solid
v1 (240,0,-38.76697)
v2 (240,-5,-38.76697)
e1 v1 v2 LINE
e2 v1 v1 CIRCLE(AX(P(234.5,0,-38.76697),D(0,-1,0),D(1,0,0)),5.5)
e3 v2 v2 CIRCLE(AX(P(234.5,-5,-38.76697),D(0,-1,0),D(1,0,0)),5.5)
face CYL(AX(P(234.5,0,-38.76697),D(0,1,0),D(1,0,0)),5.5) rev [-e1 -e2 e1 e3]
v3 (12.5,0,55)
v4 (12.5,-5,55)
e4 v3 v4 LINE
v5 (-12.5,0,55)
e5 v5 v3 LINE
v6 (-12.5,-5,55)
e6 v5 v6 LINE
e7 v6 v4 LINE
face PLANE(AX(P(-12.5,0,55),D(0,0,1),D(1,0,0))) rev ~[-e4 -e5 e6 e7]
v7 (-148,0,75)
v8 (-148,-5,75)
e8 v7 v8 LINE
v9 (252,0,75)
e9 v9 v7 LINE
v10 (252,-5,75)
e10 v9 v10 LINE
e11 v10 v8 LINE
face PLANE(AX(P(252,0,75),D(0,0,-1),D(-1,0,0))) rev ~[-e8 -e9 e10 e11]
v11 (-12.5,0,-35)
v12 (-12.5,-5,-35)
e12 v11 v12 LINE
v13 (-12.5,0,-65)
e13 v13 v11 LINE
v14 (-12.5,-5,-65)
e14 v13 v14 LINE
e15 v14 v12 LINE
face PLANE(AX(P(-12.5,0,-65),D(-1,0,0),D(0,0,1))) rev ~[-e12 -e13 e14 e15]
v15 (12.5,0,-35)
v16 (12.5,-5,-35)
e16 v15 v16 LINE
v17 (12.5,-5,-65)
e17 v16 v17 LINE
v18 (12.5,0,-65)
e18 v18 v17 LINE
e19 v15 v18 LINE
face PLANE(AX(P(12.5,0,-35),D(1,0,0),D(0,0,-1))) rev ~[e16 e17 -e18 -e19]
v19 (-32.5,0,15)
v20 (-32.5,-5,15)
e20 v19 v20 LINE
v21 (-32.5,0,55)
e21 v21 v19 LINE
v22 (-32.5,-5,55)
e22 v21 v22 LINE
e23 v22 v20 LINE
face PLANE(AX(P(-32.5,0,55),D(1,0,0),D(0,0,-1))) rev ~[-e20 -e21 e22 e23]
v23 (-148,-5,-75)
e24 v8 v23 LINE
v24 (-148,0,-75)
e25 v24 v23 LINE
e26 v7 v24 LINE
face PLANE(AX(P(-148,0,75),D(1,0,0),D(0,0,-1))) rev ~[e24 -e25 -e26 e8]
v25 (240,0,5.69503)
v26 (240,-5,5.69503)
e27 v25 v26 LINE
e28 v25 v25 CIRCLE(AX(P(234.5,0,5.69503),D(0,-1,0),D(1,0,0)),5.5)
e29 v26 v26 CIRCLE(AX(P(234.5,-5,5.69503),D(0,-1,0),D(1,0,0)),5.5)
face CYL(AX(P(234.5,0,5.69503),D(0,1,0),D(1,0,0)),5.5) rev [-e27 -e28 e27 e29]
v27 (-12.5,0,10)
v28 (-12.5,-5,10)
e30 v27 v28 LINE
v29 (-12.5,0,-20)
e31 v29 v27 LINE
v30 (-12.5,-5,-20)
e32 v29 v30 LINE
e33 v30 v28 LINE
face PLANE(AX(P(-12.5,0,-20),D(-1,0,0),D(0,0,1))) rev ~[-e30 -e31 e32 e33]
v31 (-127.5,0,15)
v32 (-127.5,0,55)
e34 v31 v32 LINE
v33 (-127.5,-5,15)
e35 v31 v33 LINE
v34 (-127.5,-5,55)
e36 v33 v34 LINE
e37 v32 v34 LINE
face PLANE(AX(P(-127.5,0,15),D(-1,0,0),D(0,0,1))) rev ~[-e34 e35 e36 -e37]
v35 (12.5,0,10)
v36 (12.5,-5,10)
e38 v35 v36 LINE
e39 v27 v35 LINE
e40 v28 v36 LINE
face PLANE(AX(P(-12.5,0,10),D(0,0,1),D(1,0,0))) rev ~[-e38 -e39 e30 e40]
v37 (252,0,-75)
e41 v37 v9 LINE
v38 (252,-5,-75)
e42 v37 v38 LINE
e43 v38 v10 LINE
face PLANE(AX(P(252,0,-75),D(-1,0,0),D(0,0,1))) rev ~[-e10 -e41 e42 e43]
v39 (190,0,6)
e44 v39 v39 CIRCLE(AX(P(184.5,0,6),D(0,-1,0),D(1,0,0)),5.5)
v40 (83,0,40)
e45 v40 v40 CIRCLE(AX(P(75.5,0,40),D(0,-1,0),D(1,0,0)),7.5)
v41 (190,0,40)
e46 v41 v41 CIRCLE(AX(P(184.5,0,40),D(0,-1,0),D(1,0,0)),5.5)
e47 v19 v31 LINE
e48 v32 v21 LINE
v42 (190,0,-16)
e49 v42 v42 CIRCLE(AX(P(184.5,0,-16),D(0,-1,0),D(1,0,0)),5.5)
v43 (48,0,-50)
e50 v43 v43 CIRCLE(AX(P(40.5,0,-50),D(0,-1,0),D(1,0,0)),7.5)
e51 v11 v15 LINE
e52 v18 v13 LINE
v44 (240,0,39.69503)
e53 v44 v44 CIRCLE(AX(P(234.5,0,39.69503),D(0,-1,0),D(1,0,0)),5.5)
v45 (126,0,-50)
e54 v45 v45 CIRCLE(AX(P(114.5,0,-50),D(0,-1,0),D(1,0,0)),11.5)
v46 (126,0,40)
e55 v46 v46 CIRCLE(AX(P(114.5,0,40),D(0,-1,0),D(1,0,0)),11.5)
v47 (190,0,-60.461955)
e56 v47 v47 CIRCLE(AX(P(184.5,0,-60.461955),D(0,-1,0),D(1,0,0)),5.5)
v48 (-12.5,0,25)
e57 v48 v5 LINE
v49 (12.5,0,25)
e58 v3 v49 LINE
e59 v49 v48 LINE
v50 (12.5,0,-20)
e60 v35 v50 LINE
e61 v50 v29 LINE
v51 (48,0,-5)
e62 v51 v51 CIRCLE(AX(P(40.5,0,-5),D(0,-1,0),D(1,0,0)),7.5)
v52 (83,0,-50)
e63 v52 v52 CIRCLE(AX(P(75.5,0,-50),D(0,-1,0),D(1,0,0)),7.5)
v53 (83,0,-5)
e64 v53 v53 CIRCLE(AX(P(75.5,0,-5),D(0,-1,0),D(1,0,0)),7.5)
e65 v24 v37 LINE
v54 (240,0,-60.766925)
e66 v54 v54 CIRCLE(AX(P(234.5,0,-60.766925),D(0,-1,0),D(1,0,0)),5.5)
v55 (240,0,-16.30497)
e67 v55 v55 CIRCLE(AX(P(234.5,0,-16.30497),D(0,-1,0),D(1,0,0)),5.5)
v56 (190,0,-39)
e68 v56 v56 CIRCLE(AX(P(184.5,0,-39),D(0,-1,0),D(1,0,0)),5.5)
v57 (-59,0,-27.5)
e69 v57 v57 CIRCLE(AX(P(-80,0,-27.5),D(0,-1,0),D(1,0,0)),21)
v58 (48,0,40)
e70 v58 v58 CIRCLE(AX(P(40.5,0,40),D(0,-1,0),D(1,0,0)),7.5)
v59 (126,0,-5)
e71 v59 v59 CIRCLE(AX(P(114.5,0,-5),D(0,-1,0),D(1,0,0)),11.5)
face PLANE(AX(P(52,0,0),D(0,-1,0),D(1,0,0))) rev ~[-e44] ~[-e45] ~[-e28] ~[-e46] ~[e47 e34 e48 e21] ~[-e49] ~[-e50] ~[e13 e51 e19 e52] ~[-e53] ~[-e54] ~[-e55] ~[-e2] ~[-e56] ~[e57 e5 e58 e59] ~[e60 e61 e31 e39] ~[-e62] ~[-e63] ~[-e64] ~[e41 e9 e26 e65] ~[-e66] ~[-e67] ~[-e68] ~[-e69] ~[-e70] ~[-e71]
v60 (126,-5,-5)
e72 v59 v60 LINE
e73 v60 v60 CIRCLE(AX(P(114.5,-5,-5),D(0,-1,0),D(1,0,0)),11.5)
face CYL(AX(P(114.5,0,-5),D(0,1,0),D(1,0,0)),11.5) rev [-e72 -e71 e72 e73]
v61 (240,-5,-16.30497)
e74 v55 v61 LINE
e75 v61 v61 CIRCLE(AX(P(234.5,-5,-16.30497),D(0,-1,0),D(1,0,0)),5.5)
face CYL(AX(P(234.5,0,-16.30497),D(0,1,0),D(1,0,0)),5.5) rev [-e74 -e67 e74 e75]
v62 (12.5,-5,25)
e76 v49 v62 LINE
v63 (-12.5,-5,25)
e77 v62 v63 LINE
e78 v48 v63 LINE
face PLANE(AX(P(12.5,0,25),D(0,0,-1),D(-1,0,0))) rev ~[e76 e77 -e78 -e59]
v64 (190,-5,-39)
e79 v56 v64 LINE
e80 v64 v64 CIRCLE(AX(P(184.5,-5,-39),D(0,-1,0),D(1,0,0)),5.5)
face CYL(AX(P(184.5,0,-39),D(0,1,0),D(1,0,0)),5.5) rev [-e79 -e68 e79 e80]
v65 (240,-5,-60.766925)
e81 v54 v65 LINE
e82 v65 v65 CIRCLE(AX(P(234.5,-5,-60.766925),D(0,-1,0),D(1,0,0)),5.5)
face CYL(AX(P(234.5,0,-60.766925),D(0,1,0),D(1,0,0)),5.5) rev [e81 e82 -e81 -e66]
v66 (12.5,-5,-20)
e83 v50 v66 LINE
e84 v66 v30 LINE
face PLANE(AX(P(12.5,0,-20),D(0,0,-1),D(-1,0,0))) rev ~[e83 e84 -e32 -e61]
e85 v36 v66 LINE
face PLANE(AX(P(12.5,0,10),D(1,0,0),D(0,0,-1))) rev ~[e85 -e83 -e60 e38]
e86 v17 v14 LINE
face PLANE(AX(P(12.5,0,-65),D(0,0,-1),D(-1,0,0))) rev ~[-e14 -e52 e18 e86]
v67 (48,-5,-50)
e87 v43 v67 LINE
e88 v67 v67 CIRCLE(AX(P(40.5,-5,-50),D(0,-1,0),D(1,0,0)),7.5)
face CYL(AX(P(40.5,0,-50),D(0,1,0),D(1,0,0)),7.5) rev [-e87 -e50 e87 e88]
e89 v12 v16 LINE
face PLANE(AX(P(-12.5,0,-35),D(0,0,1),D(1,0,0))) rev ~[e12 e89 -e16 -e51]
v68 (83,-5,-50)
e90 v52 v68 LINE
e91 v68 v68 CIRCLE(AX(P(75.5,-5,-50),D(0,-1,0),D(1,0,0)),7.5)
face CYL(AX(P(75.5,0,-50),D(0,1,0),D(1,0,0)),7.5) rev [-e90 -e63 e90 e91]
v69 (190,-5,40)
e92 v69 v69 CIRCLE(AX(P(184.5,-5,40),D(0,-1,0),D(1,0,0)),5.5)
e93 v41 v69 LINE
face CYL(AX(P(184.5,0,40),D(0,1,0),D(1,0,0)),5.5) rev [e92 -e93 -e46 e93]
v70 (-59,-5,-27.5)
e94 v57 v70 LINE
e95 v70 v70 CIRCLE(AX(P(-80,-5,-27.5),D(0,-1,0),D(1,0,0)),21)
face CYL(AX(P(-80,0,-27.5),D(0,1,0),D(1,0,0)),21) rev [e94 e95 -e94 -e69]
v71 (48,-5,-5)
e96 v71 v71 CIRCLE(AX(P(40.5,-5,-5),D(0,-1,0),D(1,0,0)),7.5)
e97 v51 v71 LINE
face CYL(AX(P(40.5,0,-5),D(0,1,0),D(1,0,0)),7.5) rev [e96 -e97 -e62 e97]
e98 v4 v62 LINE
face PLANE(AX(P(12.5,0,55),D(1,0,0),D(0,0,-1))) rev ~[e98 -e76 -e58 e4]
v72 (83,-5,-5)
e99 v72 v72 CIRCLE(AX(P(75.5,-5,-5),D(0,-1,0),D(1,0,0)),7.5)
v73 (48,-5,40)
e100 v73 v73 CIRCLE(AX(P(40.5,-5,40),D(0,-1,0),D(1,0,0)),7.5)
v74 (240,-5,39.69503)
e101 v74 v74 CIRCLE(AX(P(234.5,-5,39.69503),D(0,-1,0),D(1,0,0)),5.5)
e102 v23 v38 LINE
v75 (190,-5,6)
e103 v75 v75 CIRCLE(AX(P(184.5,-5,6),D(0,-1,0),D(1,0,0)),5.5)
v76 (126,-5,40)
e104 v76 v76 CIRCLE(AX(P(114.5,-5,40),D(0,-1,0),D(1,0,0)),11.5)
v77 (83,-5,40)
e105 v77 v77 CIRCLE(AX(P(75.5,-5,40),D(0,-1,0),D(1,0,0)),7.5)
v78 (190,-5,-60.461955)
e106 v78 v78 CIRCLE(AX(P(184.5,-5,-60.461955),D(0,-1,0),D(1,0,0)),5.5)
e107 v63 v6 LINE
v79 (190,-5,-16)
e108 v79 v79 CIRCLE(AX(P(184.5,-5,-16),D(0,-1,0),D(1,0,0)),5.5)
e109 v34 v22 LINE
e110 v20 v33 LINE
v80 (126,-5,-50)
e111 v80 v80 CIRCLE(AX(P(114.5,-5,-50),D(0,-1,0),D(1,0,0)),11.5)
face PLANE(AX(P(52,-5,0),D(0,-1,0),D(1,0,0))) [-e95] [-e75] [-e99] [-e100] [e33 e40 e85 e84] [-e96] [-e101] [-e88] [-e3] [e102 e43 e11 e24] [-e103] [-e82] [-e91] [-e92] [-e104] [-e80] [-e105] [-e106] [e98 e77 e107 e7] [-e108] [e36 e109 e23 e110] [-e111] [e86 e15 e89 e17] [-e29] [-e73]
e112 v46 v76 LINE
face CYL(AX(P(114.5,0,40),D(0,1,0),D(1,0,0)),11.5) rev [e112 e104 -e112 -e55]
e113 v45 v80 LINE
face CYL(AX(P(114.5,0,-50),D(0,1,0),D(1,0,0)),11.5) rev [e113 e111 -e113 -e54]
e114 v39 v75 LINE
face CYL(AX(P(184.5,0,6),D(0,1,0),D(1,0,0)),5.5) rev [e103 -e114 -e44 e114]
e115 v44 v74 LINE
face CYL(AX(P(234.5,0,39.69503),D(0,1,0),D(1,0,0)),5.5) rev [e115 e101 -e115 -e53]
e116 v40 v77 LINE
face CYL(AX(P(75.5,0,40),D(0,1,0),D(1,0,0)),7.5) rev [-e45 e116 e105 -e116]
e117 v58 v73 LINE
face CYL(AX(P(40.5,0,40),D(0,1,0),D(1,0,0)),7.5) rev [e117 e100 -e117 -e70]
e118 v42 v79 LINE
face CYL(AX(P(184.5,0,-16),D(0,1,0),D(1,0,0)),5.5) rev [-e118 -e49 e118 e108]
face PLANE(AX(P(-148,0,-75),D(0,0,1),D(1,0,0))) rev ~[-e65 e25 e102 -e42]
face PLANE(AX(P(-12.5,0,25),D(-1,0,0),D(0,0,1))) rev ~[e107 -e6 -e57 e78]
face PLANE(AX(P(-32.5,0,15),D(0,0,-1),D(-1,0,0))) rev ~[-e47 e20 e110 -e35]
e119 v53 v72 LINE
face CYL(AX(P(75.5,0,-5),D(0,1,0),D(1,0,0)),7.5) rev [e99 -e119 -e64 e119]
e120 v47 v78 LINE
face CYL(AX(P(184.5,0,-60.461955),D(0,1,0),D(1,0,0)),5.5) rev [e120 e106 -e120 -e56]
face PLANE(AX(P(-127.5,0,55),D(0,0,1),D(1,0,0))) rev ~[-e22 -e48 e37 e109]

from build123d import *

# Parameters (mm, degrees)
F0_R     = 7.5
F0_R_2   = 21
F0_R_3   = 11.5
F0_R_4   = 5.5
F1_DEPTH = 5


with BuildPart() as f1:
    # F0 (on Front) → F1 (new body)
    with BuildSketch(Plane.XZ):
        Polygon((252, 75), (0, 75), (-148, 75), (-148, -75), (0, -75), (252, -75), align=None)
        Polygon((12.5, -65), (0, -65), (-12.5, -65), (-12.5, -35), (12.5, -35), align=None, mode=Mode.SUBTRACT)
        with Locations((40.5, -50)):
            Circle(F0_R, mode=Mode.SUBTRACT)
        with Locations((-80, -27.5)):
            Circle(F0_R_2, mode=Mode.SUBTRACT)
        Polygon((-12.5, 10), (0, 10), (12.5, 10), (12.5, -20), (-12.5, -20), align=None, mode=Mode.SUBTRACT)
        with Locations((40.5, -5)):
            Circle(F0_R, mode=Mode.SUBTRACT)
        with Locations((75.5, -50)):
            Circle(F0_R, mode=Mode.SUBTRACT)
        with Locations((114.5, -50)):
            Circle(F0_R_3, mode=Mode.SUBTRACT)
        with Locations((184.5, -60.461955)):
            Circle(F0_R_4, mode=Mode.SUBTRACT)
        with Locations((234.5, -60.766925)):
            Circle(F0_R_4, mode=Mode.SUBTRACT)
        with Locations((184.5, -39)):
            Circle(F0_R_4, mode=Mode.SUBTRACT)
        with Locations((234.5, -38.76697)):
            Circle(F0_R_4, mode=Mode.SUBTRACT)
        with Locations((75.5, -5)):
            Circle(F0_R, mode=Mode.SUBTRACT)
        with Locations((114.5, -5)):
            Circle(F0_R_3, mode=Mode.SUBTRACT)
        with Locations((184.5, -16)):
            Circle(F0_R_4, mode=Mode.SUBTRACT)
        with Locations((234.5, -16.30497)):
            Circle(F0_R_4, mode=Mode.SUBTRACT)
        Polygon((-127.5, 15), (-127.5, 55), (-75, 55), (-32.5, 55), (-32.5, 40), (-32.5, 15), align=None, mode=Mode.SUBTRACT)
        Polygon((-12.5, 55), (0, 55), (12.5, 55), (12.5, 25), (-12.5, 25), align=None, mode=Mode.SUBTRACT)
        with Locations((40.5, 40)):
            Circle(F0_R, mode=Mode.SUBTRACT)
        with Locations((184.5, 6)):
            Circle(F0_R_4, mode=Mode.SUBTRACT)
        with Locations((234.5, 5.69503)):
            Circle(F0_R_4, mode=Mode.SUBTRACT)
        with Locations((75.5, 40)):
            Circle(F0_R, mode=Mode.SUBTRACT)
        with Locations((114.5, 40)):
            Circle(F0_R_3, mode=Mode.SUBTRACT)
        with Locations((184.5, 40)):
            Circle(F0_R_4, mode=Mode.SUBTRACT)
        with Locations((234.5, 39.69503)):
            Circle(F0_R_4, mode=Mode.SUBTRACT)
    extrude(amount=F1_DEPTH)


solid = f1.part
